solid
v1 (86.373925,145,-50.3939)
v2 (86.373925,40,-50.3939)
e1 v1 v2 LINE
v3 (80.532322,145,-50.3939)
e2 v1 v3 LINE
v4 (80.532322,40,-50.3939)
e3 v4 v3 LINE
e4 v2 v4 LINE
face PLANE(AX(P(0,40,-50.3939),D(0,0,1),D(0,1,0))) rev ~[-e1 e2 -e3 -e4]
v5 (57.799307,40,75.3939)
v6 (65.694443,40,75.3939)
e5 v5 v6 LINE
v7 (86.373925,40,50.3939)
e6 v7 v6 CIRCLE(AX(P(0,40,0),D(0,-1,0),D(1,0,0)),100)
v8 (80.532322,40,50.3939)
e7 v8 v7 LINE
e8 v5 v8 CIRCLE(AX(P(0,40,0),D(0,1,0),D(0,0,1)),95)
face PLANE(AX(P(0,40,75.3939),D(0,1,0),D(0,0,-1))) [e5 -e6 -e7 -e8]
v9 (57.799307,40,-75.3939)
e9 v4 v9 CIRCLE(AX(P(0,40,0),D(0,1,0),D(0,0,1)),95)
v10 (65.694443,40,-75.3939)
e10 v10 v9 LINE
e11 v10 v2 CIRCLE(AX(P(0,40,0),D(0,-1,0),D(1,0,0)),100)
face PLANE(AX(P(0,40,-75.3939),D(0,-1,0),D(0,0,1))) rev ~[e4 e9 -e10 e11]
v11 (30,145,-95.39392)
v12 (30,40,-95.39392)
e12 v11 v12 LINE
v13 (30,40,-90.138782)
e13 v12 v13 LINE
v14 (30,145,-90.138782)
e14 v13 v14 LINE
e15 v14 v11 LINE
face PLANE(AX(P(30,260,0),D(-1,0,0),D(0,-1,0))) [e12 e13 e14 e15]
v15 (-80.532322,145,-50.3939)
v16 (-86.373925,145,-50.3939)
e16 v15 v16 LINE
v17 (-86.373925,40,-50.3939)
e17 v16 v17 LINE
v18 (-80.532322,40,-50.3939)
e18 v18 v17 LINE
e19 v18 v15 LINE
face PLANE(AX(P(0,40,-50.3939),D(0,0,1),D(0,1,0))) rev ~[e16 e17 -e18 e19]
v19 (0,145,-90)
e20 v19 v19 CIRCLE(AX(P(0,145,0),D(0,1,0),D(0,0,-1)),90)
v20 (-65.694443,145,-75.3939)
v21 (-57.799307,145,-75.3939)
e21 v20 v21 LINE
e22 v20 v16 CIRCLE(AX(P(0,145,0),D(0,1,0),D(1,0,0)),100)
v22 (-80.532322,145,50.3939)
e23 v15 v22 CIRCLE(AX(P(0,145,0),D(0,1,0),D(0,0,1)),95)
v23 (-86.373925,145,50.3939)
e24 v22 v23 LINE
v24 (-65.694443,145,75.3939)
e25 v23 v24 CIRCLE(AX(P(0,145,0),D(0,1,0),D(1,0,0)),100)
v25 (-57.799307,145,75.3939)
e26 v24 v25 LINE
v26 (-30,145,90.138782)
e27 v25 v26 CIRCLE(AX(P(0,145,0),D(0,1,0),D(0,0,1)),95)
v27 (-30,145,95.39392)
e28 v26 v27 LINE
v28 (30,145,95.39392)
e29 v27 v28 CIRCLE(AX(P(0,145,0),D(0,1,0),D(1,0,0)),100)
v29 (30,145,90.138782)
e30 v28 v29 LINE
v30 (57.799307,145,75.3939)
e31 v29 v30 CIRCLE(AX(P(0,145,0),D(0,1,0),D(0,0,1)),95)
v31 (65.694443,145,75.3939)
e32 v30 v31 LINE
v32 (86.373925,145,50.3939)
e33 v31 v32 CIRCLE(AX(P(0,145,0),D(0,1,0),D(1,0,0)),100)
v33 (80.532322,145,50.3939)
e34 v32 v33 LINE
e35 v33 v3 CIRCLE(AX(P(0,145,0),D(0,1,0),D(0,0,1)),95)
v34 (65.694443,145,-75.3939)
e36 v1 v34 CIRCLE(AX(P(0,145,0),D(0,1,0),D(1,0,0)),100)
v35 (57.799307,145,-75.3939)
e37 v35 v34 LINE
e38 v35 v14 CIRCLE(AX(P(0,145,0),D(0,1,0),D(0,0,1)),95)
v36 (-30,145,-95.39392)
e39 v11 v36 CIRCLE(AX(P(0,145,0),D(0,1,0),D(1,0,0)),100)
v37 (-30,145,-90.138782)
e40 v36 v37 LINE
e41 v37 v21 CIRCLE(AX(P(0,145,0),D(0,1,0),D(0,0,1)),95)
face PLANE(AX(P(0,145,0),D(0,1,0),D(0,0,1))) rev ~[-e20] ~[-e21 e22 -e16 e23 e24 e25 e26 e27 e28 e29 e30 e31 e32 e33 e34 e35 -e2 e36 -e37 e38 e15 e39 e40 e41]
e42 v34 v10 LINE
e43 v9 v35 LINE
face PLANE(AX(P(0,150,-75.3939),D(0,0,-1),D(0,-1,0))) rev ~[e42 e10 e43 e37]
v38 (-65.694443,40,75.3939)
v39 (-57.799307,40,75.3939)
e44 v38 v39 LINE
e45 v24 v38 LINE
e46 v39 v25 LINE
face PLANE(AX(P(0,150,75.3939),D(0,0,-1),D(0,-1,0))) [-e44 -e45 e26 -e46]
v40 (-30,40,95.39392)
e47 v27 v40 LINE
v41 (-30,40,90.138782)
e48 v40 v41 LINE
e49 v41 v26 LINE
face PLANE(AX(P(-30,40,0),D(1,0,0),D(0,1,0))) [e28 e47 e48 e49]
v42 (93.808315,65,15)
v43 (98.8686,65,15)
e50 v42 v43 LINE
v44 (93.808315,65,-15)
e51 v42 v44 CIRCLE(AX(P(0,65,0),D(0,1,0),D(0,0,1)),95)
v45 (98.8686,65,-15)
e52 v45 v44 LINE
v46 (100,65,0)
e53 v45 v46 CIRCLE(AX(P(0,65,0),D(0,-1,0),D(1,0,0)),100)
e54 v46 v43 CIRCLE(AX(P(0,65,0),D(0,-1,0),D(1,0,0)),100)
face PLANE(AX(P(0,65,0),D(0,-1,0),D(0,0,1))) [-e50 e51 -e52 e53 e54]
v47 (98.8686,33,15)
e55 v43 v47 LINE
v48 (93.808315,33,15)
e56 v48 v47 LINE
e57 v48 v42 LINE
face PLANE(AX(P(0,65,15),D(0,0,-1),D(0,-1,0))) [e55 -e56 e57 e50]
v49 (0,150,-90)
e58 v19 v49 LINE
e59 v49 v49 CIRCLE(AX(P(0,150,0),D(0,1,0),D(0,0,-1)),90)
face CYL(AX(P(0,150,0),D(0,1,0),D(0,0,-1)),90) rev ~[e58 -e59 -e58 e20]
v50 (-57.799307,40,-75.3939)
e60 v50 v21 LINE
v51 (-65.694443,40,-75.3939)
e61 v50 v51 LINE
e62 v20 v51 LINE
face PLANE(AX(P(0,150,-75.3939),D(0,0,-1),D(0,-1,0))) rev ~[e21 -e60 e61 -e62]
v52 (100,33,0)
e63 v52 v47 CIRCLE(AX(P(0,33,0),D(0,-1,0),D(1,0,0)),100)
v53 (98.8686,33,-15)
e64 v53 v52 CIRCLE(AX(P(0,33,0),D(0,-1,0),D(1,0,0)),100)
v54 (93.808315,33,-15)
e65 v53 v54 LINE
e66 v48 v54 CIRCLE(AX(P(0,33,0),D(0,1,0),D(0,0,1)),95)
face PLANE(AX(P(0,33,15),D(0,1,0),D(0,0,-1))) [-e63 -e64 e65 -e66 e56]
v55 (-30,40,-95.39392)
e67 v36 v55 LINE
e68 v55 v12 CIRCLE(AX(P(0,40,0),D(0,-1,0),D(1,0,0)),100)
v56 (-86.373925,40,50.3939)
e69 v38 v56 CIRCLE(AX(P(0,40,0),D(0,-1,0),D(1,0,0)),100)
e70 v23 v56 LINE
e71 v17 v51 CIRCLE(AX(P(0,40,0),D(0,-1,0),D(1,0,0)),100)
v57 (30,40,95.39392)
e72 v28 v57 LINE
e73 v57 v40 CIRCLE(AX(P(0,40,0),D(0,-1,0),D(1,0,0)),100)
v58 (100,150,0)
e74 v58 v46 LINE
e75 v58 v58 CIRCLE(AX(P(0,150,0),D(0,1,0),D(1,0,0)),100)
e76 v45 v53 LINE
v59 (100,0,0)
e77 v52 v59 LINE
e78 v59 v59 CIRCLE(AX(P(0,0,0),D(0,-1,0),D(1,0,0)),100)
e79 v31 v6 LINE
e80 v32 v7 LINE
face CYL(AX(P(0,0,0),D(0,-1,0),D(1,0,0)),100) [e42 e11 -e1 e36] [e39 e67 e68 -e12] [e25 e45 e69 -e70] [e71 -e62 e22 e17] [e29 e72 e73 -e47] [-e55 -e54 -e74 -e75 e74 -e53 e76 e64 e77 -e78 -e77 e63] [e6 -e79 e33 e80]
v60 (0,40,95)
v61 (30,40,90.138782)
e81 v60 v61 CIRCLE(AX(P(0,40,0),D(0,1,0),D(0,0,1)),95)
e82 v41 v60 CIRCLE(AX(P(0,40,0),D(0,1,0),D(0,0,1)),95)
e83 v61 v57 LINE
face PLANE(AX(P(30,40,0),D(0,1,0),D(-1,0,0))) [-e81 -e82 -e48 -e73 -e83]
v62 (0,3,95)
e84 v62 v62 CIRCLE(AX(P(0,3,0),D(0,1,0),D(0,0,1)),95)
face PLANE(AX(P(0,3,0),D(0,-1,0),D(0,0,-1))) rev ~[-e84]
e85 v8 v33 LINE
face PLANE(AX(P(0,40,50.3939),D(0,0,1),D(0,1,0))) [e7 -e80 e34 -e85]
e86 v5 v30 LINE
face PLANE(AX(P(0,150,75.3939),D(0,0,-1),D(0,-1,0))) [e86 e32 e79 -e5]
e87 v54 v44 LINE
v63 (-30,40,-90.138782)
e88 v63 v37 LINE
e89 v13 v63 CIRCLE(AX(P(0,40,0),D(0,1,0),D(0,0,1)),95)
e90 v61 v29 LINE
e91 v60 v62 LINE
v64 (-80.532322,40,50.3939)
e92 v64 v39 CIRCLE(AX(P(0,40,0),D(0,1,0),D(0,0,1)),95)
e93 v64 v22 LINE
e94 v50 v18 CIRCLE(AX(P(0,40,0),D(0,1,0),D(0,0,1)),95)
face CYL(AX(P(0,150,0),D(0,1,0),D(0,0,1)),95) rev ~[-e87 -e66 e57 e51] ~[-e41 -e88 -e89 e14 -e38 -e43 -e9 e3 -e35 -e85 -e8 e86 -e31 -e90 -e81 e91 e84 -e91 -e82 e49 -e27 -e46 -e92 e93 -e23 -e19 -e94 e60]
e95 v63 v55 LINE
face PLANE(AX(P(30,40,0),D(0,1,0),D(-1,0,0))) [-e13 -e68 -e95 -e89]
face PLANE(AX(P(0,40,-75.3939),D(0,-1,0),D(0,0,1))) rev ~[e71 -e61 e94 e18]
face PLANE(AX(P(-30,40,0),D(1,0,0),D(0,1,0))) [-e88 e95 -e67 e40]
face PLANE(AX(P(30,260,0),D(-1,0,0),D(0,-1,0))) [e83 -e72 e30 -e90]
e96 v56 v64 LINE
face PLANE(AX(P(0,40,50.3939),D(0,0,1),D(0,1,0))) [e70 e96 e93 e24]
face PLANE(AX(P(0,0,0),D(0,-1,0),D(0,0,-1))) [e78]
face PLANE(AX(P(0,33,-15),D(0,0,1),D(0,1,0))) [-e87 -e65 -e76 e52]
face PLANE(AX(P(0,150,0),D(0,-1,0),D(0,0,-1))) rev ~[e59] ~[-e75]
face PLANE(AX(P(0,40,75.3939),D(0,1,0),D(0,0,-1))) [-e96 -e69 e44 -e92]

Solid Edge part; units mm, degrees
sketch "Sketch1" plane through (0, 0, 0) normal (0, -1, 0) x (1, 0, 0)
  circle A0 centre (0, 0) radius 100
extrude "Protrusion1" add sketch "Sketch1" against normal blind 150
sketch "Sketch2" plane through (0, 150, 0) normal (0, 1, 0) x (0, 0, 1)
  circle A0 centre (0, 0) radius 95
extrude "Recorte_Extrudado_2" cut sketch "Sketch2" against normal blind 251.4861
extrude "Recorte_Extrudado_3" [suppressed]
chamfer "Chanfro_1" distance 2 angle 45 1 edges at (0, 150, -95)
fillet "Redondo_1" [suppressed]
extrude "Recorte_Extrudado_5" [suppressed]
sketch "Sketch3" plane through (0, 0, 0) normal (0, -1, 0) x (1, 0, 0)
  circle A0 centre (0, 0) radius 100
extrude "Protrusão_Extrudada_5" add sketch "Sketch3" against normal blind 3
sketch "Sketch4" plane through (0, 0, 0) normal (0, 0, -1) x (-1, 0, 0)
  line L0 (-30, 40) -> (30, 40)
  line L1 (30, 40) -> (30, 260)
  line L2 (30, 260) -> (-30, 260)
  line L3 (-30, 260) -> (-30, 40)
extrude "Recorte_Extrudado_6" cut sketch "Sketch4" along normal mid plane 236.9884
sketch "Sketch5" plane through (0, 0, 0) normal (1, 0, 0) x (0, 1, 0)
  line L0 (65, 0) -> (65, 15)
  line L1 (65, 15) -> (33, 15)
  line L2 (33, 15) -> (33, -15)
  line L3 (33, -15) -> (65, -15)
  line L4 (65, -15) -> (65, 0)
extrude "Recorte_Extrudado_7" cut sketch "Sketch5" along normal blind 114.5948 and the other way blind 44.7082
sketch "Sketch6" plane through (0, 0, 0) normal (1, 0, 0) x (0, 1, 0)
  line L0 (150, 75.3939) -> (40, 75.3939)
  line L1 (40, 75.3939) -> (40, 50.3939)
  line L2 (40, 50.3939) -> (150, 50.3939)
  line L3 (150, 50.3939) -> (150, 75.3939)
  line L4 (150, -75.3939) -> (40, -75.3939)
  line L5 (40, -75.3939) -> (40, -50.3939)
  line L6 (40, -50.3939) -> (150, -50.3939)
  line L7 (150, -50.3939) -> (150, -75.3939)
extrude "Recorte_Extrudado_8" cut sketch "Sketch6" along normal mid plane 298.4716
sketch "Sketch7" plane through (-91.4411, 150, 0) normal (0, 1, 0) x (1, 0, 0)
  circle A0 centre (91.4411, 0) radius 100
extrude "Protrusão_Extrudada_6" add sketch "Sketch7" against normal blind 5
sketch "Sketch8" plane through (0, 150, 0) normal (0, 1, 0) x (0, 0, -1)
  circle A0 centre (0, 0) radius 90
extrude "Recorte_Extrudado_10" cut sketch "Sketch8" against normal up to vertex (5 mm away) and the other way blind 10.5295
